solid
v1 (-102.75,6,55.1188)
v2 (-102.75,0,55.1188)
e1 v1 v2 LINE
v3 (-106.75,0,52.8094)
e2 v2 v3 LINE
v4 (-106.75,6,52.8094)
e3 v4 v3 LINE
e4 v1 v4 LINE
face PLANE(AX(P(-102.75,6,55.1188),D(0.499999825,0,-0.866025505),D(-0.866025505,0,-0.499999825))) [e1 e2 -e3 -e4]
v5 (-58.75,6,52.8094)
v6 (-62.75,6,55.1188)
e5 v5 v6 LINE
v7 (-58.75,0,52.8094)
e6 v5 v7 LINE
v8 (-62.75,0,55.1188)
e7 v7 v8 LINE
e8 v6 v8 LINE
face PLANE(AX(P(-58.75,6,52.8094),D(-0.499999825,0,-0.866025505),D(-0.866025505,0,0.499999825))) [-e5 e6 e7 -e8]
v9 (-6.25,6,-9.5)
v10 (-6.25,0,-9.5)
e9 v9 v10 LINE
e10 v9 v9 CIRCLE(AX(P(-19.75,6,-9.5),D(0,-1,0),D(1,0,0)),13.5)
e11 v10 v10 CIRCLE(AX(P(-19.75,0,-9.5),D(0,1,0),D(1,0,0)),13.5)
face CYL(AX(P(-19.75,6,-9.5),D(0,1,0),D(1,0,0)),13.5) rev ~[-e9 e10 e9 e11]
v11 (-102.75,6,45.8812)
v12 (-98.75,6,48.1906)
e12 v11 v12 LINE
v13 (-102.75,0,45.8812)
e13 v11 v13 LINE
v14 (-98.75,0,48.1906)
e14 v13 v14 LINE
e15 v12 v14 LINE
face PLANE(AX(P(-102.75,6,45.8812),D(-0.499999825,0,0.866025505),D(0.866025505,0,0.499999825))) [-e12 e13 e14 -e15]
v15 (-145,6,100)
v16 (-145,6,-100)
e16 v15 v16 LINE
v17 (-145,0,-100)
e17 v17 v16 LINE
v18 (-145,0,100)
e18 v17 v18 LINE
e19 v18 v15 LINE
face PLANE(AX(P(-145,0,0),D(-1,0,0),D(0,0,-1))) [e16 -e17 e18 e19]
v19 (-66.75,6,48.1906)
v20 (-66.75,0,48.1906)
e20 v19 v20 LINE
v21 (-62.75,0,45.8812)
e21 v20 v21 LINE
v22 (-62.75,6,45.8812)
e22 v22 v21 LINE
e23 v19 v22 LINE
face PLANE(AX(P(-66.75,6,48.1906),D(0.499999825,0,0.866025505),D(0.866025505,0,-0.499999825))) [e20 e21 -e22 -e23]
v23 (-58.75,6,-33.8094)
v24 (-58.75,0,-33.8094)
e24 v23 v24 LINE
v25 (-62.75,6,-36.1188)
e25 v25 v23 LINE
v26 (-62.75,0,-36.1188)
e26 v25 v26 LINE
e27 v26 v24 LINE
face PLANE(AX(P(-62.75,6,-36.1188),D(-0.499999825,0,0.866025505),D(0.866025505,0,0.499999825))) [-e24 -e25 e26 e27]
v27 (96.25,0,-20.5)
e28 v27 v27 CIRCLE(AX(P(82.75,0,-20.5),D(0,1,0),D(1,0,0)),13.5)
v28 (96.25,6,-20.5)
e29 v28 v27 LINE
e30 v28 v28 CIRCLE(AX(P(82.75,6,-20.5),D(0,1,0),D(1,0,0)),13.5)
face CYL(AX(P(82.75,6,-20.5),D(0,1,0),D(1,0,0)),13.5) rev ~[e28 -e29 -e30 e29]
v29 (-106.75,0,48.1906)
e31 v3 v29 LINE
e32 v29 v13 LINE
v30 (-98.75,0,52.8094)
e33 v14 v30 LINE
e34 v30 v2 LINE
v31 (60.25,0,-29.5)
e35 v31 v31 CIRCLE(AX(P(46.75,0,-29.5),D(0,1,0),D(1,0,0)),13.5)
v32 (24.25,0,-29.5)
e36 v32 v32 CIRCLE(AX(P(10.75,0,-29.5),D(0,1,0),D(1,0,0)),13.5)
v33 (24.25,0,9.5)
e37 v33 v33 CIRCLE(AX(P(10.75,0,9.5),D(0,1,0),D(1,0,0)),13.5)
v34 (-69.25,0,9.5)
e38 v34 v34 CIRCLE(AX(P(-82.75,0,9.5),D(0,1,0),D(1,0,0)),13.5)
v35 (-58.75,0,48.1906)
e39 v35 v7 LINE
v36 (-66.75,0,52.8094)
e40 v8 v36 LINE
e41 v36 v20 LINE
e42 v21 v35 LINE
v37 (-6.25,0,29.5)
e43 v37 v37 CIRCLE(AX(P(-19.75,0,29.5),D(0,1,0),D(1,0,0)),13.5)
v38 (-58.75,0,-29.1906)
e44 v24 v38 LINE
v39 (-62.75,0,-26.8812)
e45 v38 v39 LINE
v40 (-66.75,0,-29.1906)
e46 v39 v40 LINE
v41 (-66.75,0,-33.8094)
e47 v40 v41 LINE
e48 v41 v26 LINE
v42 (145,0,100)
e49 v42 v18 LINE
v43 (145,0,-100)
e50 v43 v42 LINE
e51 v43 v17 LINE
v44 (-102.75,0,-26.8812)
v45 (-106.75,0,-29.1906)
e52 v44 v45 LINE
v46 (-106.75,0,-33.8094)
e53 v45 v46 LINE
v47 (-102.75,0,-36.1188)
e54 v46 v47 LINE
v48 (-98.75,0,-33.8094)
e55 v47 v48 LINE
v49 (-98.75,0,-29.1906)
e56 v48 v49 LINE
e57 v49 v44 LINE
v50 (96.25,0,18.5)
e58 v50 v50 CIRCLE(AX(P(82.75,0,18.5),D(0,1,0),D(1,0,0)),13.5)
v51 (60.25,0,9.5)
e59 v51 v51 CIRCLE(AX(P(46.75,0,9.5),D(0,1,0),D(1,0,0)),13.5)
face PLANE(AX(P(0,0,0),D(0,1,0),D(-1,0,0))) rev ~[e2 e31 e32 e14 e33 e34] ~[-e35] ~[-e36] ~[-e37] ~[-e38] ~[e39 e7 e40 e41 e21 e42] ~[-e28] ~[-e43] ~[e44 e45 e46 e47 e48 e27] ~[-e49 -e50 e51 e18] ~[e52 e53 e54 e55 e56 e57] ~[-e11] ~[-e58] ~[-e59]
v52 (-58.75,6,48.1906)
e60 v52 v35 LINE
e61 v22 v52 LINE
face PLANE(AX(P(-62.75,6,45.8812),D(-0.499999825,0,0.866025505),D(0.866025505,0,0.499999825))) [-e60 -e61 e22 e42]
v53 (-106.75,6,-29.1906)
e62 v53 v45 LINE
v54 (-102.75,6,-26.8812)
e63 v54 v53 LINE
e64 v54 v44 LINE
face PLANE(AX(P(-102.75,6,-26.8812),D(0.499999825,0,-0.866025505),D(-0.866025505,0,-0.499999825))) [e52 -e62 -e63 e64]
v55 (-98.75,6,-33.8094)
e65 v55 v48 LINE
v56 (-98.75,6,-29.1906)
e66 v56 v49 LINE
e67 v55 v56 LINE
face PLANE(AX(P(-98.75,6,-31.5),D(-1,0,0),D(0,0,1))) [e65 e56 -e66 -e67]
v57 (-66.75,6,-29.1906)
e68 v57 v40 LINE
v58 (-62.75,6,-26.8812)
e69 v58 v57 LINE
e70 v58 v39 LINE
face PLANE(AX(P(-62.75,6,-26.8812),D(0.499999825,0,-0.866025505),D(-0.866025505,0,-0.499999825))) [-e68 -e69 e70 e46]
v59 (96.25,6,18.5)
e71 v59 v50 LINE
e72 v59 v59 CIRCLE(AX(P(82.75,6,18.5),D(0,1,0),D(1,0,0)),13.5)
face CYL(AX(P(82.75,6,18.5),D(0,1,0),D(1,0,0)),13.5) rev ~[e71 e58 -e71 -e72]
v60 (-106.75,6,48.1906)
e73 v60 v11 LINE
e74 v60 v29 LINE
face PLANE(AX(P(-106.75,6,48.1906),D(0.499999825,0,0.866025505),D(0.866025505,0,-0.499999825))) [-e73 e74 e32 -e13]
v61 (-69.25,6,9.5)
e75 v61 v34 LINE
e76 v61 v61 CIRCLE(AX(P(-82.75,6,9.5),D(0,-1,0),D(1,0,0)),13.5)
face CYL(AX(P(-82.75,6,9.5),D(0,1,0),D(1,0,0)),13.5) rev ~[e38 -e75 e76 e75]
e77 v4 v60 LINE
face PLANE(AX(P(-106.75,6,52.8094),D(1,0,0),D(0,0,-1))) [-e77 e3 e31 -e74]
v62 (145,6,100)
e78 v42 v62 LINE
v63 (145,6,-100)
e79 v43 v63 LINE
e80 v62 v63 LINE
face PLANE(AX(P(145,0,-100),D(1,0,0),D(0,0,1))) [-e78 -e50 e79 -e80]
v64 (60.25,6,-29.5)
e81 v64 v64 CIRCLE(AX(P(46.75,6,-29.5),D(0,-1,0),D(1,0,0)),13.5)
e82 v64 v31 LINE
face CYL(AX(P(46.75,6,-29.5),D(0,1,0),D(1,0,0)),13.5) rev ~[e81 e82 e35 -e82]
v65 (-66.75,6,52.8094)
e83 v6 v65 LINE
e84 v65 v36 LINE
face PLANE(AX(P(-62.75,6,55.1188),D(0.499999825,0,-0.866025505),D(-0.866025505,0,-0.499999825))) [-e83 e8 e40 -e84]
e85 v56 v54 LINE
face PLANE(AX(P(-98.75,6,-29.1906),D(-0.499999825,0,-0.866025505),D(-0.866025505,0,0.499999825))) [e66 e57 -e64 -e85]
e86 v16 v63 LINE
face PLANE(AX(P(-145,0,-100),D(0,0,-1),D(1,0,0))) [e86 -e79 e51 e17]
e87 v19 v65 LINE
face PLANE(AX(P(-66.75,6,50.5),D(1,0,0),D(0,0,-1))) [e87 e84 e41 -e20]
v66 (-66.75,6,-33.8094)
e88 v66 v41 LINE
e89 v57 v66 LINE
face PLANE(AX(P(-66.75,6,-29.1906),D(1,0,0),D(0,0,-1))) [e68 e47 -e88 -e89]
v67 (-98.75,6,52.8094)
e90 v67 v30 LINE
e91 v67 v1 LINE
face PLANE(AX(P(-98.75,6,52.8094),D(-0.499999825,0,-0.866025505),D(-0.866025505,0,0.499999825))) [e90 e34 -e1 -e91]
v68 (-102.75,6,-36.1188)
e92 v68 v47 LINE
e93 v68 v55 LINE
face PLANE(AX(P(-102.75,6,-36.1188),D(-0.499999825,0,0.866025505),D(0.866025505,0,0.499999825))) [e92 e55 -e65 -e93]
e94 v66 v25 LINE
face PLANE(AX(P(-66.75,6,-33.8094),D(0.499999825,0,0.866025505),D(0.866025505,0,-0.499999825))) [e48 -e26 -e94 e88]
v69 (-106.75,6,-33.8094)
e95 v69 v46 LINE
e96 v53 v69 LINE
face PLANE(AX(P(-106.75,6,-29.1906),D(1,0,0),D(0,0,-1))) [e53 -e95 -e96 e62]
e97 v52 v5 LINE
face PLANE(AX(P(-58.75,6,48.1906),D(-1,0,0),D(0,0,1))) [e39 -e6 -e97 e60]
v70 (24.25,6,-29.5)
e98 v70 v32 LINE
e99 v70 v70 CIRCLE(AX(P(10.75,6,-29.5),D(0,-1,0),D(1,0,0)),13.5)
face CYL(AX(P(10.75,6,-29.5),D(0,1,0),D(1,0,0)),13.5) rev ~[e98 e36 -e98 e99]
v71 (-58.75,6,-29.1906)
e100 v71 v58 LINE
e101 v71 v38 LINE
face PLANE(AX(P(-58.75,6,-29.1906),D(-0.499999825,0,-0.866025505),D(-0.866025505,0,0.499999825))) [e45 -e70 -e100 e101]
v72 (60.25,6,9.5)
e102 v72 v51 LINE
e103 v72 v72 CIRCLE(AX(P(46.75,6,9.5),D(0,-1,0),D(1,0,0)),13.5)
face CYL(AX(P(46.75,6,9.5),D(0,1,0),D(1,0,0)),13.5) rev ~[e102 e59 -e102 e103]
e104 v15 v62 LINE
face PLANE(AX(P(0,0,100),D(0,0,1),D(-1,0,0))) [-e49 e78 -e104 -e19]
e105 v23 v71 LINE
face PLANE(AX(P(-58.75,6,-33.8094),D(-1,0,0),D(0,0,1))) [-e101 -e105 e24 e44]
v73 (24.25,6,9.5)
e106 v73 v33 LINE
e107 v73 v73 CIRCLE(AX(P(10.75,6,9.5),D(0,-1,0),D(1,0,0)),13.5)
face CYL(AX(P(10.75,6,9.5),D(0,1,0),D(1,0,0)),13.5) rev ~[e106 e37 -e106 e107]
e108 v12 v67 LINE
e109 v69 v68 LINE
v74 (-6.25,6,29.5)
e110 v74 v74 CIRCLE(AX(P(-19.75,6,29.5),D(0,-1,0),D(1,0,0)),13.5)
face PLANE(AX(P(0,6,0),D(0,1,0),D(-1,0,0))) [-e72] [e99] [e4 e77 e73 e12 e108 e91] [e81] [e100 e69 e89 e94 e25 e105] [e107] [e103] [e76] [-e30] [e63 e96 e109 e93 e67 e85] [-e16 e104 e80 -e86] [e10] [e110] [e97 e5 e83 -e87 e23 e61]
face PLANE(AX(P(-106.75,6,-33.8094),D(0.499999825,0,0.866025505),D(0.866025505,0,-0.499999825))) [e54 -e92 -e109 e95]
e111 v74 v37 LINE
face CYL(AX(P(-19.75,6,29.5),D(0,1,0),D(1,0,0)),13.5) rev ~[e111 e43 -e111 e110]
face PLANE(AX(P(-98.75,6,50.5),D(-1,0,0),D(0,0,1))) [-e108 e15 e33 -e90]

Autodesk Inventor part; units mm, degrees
ref_plane "YZ Plane" through (0, 0, 0) normal (1, 0, 0) x (0, 1, 0)
ref_plane "XZ Plane" through (0, 0, 0) normal (0, 1, 0) x (-1, 0, 0)
ref_plane "XY Plane" through (0, 0, 0) normal (0, 0, 1) x (1, 0, 0)
sketch "Sketch1" plane through (0, 0, 0) normal (0, 1, 0) x (-1, 0, 0)
  line L0 (145, -100) -> (-145, -100)
  line L1 (-145, -100) -> (-145, 100)
  line L2 (-145, 100) -> (145, 100)
  line L3 (145, 100) -> (145, -100)
  line L4 (210, 0) -> (-210, 0) projected
  line L5 (0, -140) -> (0, 140) projected
  point P0 (0, 0)
  dimension "d30" = 290
  dimension "d31" = 200
extrude "Extrusion1" add sketch "Sketch1" along normal blind 6
sketch "Sketch2" plane through (0, 6, 0) normal (0, 1, 0) x (1, 0, 0)
  circle A0 centre (-19.75, -29.5) radius 13.5
  circle A1 centre (-82.75, -9.5) radius 13.5
  circle A2 centre (-19.75, 9.5) radius 13.5
  circle A3 centre (46.75, 29.5) radius 13.5
  circle A4 centre (82.75, 20.5) radius 13.5
  circle A5 centre (10.75, 29.5) radius 13.5
  circle A6 centre (10.75, -9.5) radius 13.5
  circle A7 centre (46.75, -9.5) radius 13.5
  circle A8 centre (82.75, -18.5) radius 13.5
  line L0 (-96.25, 43) -> (96.25, 43)
  line L1 (96.25, 43) -> (96.25, -43)
  line L2 (96.25, -43) -> (-96.25, -43)
  line L3 (-96.25, -43) -> (-96.25, 43)
  line L4 (145, 100) -> (-145, 100) projected
  line L5 (145, -100) -> (145, 100) projected
  line L6 (0, 140) -> (0, -140) projected
  line L7 (-210, 0) -> (210, 0) projected
  line L8 (-102.75, 31.5) -> (-62.75, 31.5)
  line L9 (-62.75, 31.5) -> (-62.75, -50.5)
  line L10 (-62.75, -50.5) -> (-102.75, -50.5)
  line L11 (-102.75, -50.5) -> (-102.75, 31.5)
  line L12 (-106.75, 33.8094) -> (-102.75, 36.1188)
  line L13 (-102.75, 36.1188) -> (-98.75, 33.8094)
  line L14 (-98.75, 33.8094) -> (-98.75, 29.1906)
  line L15 (-98.75, 29.1906) -> (-102.75, 26.8812)
  line L16 (-102.75, 26.8812) -> (-106.75, 29.1906)
  line L17 (-106.75, 29.1906) -> (-106.75, 33.8094)
  line L18 (-62.75, 36.1188) -> (-58.75, 33.8094)
  line L19 (-58.75, 33.8094) -> (-58.75, 29.1906)
  line L20 (-58.75, 29.1906) -> (-62.75, 26.8812)
  line L21 (-62.75, 26.8812) -> (-66.75, 29.1906)
  line L22 (-66.75, 29.1906) -> (-66.75, 33.8094)
  line L23 (-66.75, 33.8094) -> (-62.75, 36.1188)
  line L24 (-102.75, -45.8812) -> (-98.75, -48.1906)
  line L25 (-98.75, -48.1906) -> (-98.75, -52.8094)
  line L26 (-98.75, -52.8094) -> (-102.75, -55.1188)
  line L27 (-102.75, -55.1188) -> (-106.75, -52.8094)
  line L28 (-106.75, -52.8094) -> (-106.75, -48.1906)
  line L29 (-106.75, -48.1906) -> (-102.75, -45.8812)
  line L30 (-62.75, -45.8812) -> (-58.75, -48.1906)
  line L31 (-58.75, -48.1906) -> (-58.75, -52.8094)
  line L32 (-58.75, -52.8094) -> (-62.75, -55.1188)
  line L33 (-62.75, -55.1188) -> (-66.75, -52.8094)
  line L34 (-66.75, -52.8094) -> (-66.75, -48.1906)
  line L35 (-66.75, -48.1906) -> (-62.75, -45.8812)
  point P0 (-58.75, 31.5)
  point P1 (-98.75, -50.5)
  point P2 (-106.75, -50.5)
  point P3 (-66.75, -50.5)
  point P4 (-58.75, -50.5)
  dimension "d3" = 27
  dimension "d19" = 30.5
  dimension "d20" = 36
  dimension "d23" = 19
  dimension "d24" = 9
  dimension "d25" = 36
  dimension "d26" = 11
  dimension "d27" = 9
  dimension "d28" = 11
  dimension "d29" = 63
  dimension "d35" = 41
  dimension "d36" = 41
  dimension "d37" = 20
  dimension "d38" = 20
  dimension "d54" = 8
  dimension "d55" = 8
  dimension "d56" = 8
  dimension "d57" = 8
extrude "Extrusion2" cut sketch "Sketch2" against normal blind 30 contours A0 | A8 | L6 A6 L7 | A6 L6 | L30 L31 L32 L33 L34 L10 L9 | L9 L10 L34 L35 | A1 L7 | L7 A1 | L7 A2 | A2 L7 | L21 L22 L8 L9 | L9 L8 L22 L23 L18 L19 L20 | A4 | A3 | A6 L7 | L7 A7 | A7 L7 | L6 A5 | A5 L6 | L25 L26 L27 L28 L29 L11 L10 | L10 L11 L24 L25 | L14 L15 L11 L8 | L8 L11 L16 L17 L12 L13 L14 picked at (6.7806, -6.3333)
equation "\"d30\" = BoxLength"
equation "\"d31\" = BoxWidth"
equation "\"d3\" = JS_Hole_dia"
equation "\"d36\" = 0.5 * JS_SH_L"
equation "\"d37\" = 0.5 * JS_SH_W"
equation "\"d38\" = 0.5 * JS_SH_W"
equation "\"d55\" = JS_SH_hex_width"
equation "\"d56\" = JS_SH_hex_width"
equation "\"d57\" = JS_SH_hex_width"
equation "\"BoxLength\" = 290"
equation "\"BoxWidth\" = 200"
equation "\"JS_SH_L\" = 82"
equation "\"JS_SH_dia\" = 5"
equation "\"SheetThickness\" = 6"
equation "\"CornerOffset\" = 5"
equation "\"NutS\" = 5.7"
equation "\"NutThreadD2\" = 4.17"
equation "\"SideNutWidth\" = 2.5"
equation "\"JS_Hole_dia\" = 27"
equation "\"JS_SH_hex_width\" = 8"
equation "\"JS_SH_W\" = 40"
properties part number "sega_straight_b1_v2"
